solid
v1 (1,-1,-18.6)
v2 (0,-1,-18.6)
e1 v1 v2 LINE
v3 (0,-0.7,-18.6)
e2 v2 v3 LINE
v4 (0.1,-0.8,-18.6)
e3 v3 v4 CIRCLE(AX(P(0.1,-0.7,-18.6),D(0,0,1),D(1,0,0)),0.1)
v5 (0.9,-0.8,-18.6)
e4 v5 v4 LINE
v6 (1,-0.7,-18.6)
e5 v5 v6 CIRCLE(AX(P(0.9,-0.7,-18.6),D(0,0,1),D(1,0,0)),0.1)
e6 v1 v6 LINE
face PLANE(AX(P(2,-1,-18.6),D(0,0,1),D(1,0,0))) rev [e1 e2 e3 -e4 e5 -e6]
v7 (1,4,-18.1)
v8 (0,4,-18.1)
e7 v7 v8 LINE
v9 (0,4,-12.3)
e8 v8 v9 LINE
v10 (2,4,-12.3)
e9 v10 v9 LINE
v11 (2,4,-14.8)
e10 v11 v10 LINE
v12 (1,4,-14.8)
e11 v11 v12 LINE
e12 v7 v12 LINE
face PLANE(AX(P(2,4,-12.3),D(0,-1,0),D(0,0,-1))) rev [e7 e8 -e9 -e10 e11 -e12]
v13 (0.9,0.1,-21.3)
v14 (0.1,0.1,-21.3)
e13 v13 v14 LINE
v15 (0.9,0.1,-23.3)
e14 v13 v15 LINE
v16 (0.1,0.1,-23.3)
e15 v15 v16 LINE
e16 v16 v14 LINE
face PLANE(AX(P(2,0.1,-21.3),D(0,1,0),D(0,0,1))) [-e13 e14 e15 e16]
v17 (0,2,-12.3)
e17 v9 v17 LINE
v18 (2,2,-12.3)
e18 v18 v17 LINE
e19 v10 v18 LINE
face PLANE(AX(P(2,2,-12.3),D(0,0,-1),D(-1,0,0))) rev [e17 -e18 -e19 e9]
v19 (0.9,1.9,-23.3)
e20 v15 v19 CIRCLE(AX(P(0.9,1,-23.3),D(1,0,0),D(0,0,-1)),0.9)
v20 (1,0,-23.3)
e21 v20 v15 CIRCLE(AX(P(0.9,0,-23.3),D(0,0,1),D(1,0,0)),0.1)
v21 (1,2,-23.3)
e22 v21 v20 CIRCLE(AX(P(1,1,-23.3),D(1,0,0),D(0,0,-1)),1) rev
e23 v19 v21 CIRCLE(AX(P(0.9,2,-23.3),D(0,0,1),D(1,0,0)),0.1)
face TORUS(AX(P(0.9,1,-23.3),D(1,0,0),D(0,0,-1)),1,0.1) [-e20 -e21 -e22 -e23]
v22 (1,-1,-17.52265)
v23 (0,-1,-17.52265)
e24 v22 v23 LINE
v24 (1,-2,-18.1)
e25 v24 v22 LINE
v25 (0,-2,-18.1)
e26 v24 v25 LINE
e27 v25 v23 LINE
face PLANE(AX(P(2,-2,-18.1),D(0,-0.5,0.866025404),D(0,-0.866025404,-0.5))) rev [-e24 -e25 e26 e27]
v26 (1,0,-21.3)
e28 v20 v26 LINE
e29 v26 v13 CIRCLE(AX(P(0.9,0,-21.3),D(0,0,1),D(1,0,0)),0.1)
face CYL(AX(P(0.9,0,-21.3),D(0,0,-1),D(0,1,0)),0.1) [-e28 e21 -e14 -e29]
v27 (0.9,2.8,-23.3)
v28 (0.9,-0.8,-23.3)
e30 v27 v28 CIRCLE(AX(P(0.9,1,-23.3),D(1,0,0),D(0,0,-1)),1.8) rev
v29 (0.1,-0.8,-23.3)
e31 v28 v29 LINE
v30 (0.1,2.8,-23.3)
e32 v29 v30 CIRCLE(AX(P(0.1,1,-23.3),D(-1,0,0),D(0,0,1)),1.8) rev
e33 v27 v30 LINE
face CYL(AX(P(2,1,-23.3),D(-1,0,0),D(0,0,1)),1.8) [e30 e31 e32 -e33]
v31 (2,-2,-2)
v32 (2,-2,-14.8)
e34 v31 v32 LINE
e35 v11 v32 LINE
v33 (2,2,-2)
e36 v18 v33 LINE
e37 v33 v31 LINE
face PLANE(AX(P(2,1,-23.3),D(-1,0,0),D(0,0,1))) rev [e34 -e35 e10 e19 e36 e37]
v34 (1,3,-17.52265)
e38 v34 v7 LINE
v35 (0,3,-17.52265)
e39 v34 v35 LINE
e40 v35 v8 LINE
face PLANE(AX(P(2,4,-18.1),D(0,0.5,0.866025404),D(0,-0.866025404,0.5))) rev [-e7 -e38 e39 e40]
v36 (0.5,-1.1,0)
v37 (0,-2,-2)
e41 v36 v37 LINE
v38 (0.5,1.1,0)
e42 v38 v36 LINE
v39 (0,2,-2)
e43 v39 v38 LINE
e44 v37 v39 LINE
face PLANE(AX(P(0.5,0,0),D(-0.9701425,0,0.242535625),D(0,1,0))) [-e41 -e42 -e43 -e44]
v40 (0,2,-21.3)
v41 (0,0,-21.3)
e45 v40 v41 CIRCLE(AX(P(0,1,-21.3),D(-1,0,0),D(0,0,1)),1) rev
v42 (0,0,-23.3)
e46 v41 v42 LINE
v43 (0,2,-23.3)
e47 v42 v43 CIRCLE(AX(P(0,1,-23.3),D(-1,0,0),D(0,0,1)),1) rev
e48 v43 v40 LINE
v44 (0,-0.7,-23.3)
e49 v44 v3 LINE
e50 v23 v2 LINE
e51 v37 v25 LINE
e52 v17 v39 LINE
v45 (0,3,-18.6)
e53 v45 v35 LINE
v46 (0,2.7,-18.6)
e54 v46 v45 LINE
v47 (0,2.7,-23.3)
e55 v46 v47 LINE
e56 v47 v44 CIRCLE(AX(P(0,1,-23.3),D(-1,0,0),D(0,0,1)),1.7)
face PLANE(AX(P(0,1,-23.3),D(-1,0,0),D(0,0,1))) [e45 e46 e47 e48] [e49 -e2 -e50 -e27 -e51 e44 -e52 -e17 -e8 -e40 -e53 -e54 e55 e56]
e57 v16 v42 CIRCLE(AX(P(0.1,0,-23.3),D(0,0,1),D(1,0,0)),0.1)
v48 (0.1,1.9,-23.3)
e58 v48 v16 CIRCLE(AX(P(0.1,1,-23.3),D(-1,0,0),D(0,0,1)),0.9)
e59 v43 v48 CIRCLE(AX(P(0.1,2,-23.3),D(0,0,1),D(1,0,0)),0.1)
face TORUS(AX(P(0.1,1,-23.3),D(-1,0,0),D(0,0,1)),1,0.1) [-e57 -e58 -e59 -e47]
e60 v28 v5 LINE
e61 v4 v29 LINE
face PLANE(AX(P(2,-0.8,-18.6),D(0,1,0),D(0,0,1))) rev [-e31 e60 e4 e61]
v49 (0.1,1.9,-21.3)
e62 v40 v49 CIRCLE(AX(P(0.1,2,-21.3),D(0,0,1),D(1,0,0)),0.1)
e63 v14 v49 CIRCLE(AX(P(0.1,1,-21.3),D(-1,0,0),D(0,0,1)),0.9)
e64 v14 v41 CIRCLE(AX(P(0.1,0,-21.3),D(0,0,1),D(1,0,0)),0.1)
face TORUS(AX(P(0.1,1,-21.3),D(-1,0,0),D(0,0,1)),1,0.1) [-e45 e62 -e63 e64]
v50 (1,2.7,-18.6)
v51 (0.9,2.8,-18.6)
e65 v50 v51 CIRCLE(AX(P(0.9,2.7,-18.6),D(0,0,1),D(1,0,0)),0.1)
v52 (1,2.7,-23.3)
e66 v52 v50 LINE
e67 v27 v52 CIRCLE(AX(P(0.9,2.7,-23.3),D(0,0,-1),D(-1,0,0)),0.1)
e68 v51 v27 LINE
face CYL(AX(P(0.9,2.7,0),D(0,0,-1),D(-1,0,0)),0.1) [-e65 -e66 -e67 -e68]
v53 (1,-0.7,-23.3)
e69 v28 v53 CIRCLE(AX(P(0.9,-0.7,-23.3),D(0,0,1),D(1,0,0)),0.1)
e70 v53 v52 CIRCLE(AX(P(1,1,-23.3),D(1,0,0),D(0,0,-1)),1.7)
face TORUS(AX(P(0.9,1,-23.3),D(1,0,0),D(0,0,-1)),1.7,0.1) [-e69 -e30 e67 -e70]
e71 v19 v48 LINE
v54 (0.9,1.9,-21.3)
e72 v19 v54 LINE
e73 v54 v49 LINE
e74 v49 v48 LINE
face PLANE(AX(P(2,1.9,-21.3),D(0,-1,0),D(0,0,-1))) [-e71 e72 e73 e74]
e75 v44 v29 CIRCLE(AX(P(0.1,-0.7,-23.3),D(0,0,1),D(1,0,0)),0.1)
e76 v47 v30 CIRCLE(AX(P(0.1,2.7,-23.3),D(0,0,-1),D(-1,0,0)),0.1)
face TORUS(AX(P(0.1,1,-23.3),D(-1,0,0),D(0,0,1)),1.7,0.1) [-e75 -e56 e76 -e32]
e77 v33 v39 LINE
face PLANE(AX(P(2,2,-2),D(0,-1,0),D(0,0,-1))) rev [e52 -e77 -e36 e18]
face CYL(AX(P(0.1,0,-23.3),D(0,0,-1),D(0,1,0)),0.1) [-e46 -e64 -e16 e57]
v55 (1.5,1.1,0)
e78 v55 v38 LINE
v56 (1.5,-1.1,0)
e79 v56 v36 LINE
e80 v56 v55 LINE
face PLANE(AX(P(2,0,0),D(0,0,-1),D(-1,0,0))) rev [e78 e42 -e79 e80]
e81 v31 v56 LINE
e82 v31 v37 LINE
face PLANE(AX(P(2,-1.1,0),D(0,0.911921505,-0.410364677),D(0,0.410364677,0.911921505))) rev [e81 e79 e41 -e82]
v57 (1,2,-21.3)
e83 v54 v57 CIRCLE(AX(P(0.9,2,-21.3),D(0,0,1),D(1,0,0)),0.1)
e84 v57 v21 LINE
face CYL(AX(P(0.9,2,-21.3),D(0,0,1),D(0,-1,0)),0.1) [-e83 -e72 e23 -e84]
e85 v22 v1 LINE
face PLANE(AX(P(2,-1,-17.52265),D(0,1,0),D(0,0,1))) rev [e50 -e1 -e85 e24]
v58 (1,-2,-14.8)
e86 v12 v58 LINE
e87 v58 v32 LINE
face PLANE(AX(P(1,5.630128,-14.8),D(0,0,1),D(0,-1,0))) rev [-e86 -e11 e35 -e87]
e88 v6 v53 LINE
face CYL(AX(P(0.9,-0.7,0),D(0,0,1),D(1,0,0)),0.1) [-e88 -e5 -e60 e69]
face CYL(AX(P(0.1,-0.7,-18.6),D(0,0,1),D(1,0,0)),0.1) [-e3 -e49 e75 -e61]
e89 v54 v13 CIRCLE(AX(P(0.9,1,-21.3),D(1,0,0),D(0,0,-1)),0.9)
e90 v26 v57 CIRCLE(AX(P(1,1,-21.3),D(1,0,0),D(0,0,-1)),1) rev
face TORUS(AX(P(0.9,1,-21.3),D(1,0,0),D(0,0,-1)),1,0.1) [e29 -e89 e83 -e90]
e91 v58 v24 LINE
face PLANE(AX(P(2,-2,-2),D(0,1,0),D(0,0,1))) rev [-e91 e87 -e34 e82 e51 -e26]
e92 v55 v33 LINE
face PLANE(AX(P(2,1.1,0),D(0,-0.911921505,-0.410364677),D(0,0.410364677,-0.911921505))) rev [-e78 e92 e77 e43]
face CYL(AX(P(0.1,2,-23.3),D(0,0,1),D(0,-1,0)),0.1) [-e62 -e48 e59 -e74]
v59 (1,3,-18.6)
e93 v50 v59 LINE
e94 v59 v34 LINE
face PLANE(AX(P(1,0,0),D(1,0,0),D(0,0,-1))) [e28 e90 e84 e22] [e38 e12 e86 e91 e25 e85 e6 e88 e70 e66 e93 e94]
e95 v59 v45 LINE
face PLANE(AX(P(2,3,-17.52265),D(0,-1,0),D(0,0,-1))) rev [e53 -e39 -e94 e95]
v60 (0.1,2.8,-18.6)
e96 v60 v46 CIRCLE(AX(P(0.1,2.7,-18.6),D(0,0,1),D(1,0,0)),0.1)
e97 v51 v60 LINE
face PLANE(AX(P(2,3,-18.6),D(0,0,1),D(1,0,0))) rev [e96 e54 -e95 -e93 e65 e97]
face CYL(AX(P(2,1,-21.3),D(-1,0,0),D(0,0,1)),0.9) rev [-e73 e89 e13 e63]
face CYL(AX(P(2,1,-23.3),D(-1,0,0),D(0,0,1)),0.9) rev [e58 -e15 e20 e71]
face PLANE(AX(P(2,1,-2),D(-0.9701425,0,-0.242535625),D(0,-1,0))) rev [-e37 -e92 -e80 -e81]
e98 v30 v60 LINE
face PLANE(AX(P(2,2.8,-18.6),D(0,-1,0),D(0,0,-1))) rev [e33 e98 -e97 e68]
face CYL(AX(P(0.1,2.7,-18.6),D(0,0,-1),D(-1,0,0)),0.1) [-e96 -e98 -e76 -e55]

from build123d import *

# Parameters (mm, degrees)
EXTRUDE_1_DEPTH     = 2
SKETCH_2_W          = 12.040955426
SKETCH_2_H          = 8.971692278
CUT_EXTRUDE_1_DEPTH = 1
CHAMFER_1_SIZE      = 0.5
CHAMFER_1_SIZE2     = 2
CHAMFER_2_SIZE      = 2
CHAMFER_2_SIZE2     = 0.5
FILLET_1_R          = 0.1


with BuildPart() as part:
    # Эскиз1 → Бобышка-Вытянуть1 (new body)
    with BuildSketch(Plane(origin=(0, 0, 0), x_dir=(0, 0, -1), z_dir=(1, 0, 0))):
        with BuildLine():
            Line((0, 0), (0, 1.1))
            Line((0, 1.1), (2, 2))
            Line((2, 2), (12.3, 2))
            Line((12.3, 2), (12.3, 4))
            Line((12.3, 4), (18.1, 4))
            Line((18.1, 4), (17.522649731, 3))
            Line((17.522649731, 3), (18.6, 3))
            Line((18.6, 3), (18.6, 2.8))
            Line((18.6, 2.8), (23.3, 2.8))
            ThreePointArc((23.3, 2.8), (25.1, 1), (23.3, -0.8))
            Line((23.3, -0.8), (18.6, -0.8))
            Line((18.6, -0.8), (18.6, -1))
            Line((18.6, -1), (17.522649731, -1))
            Line((17.522649731, -1), (18.1, -2))
            Line((18.1, -2), (2, -2))
            Line((2, -2), (0, -1.1))
            Line((0, -1.1), (0, 0))
        make_face()
        with BuildLine():
            Line((21.3, 1.9), (23.3, 1.9))
            ThreePointArc((23.3, 1.9), (24.2, 1), (23.3, 0.1))
            Line((23.3, 0.1), (21.3, 0.1))
            ThreePointArc((21.3, 0.1), (20.4, 1), (21.3, 1.9))
        make_face(mode=Mode.SUBTRACT)
    extrude(amount=EXTRUDE_1_DEPTH)

    # Эскиз2 → Вырез-Вытянуть1 (cut)
    with BuildSketch(Plane(origin=(2, 0, 0), x_dir=(0, 0, -1), z_dir=(1, 0, 0))):
        with Locations((20.820477713, 1.144281601)):
            Rectangle(SKETCH_2_W, SKETCH_2_H)
    extrude(amount=-CUT_EXTRUDE_1_DEPTH, mode=Mode.SUBTRACT)

    # Фаска1
    chamfer_1_edges = [part.edges().sort_by_distance(p)[0] for p in [
        (2, 0, 0),
    ]]
    chamfer_1_side = [part.faces().sort_by_distance(p)[0] for p in [
        (1, 0, 0),
    ]]
    chamfer(chamfer_1_edges, length=CHAMFER_1_SIZE, length2=CHAMFER_1_SIZE2, reference=chamfer_1_side[0])

    # Фаска2
    chamfer_2_edges = [part.edges().sort_by_distance(p)[0] for p in [
        (0, 0, 0),
    ]]
    chamfer_2_side = [part.faces().sort_by_distance(p)[0] for p in [
        (0, 0.523557469, -12.027852409),
    ]]
    chamfer(chamfer_2_edges, length=CHAMFER_2_SIZE, length2=CHAMFER_2_SIZE2, reference=chamfer_2_side[0])

    # Скругление1
    fillet_1_edges = [part.edges().sort_by_distance(p)[0] for p in [
        (0, 2.8, -20.95),
        (0, 1, -25.1),
        (0, -0.8, -20.95),
        (0, 1, -20.4),
        (0, 0.1, -22.3),
        (0, 1, -24.2),
        (0, 1.9, -22.3),
        (1, 1.9, -22.3),
        (1, 1, -20.4),
        (1, 0.1, -22.3),
        (1, 1, -24.2),
        (1, -0.8, -20.95),
        (1, 1, -25.1),
        (1, 2.8, -20.95),
    ]]
    fillet(fillet_1_edges, radius=FILLET_1_R)


solid = part.part
